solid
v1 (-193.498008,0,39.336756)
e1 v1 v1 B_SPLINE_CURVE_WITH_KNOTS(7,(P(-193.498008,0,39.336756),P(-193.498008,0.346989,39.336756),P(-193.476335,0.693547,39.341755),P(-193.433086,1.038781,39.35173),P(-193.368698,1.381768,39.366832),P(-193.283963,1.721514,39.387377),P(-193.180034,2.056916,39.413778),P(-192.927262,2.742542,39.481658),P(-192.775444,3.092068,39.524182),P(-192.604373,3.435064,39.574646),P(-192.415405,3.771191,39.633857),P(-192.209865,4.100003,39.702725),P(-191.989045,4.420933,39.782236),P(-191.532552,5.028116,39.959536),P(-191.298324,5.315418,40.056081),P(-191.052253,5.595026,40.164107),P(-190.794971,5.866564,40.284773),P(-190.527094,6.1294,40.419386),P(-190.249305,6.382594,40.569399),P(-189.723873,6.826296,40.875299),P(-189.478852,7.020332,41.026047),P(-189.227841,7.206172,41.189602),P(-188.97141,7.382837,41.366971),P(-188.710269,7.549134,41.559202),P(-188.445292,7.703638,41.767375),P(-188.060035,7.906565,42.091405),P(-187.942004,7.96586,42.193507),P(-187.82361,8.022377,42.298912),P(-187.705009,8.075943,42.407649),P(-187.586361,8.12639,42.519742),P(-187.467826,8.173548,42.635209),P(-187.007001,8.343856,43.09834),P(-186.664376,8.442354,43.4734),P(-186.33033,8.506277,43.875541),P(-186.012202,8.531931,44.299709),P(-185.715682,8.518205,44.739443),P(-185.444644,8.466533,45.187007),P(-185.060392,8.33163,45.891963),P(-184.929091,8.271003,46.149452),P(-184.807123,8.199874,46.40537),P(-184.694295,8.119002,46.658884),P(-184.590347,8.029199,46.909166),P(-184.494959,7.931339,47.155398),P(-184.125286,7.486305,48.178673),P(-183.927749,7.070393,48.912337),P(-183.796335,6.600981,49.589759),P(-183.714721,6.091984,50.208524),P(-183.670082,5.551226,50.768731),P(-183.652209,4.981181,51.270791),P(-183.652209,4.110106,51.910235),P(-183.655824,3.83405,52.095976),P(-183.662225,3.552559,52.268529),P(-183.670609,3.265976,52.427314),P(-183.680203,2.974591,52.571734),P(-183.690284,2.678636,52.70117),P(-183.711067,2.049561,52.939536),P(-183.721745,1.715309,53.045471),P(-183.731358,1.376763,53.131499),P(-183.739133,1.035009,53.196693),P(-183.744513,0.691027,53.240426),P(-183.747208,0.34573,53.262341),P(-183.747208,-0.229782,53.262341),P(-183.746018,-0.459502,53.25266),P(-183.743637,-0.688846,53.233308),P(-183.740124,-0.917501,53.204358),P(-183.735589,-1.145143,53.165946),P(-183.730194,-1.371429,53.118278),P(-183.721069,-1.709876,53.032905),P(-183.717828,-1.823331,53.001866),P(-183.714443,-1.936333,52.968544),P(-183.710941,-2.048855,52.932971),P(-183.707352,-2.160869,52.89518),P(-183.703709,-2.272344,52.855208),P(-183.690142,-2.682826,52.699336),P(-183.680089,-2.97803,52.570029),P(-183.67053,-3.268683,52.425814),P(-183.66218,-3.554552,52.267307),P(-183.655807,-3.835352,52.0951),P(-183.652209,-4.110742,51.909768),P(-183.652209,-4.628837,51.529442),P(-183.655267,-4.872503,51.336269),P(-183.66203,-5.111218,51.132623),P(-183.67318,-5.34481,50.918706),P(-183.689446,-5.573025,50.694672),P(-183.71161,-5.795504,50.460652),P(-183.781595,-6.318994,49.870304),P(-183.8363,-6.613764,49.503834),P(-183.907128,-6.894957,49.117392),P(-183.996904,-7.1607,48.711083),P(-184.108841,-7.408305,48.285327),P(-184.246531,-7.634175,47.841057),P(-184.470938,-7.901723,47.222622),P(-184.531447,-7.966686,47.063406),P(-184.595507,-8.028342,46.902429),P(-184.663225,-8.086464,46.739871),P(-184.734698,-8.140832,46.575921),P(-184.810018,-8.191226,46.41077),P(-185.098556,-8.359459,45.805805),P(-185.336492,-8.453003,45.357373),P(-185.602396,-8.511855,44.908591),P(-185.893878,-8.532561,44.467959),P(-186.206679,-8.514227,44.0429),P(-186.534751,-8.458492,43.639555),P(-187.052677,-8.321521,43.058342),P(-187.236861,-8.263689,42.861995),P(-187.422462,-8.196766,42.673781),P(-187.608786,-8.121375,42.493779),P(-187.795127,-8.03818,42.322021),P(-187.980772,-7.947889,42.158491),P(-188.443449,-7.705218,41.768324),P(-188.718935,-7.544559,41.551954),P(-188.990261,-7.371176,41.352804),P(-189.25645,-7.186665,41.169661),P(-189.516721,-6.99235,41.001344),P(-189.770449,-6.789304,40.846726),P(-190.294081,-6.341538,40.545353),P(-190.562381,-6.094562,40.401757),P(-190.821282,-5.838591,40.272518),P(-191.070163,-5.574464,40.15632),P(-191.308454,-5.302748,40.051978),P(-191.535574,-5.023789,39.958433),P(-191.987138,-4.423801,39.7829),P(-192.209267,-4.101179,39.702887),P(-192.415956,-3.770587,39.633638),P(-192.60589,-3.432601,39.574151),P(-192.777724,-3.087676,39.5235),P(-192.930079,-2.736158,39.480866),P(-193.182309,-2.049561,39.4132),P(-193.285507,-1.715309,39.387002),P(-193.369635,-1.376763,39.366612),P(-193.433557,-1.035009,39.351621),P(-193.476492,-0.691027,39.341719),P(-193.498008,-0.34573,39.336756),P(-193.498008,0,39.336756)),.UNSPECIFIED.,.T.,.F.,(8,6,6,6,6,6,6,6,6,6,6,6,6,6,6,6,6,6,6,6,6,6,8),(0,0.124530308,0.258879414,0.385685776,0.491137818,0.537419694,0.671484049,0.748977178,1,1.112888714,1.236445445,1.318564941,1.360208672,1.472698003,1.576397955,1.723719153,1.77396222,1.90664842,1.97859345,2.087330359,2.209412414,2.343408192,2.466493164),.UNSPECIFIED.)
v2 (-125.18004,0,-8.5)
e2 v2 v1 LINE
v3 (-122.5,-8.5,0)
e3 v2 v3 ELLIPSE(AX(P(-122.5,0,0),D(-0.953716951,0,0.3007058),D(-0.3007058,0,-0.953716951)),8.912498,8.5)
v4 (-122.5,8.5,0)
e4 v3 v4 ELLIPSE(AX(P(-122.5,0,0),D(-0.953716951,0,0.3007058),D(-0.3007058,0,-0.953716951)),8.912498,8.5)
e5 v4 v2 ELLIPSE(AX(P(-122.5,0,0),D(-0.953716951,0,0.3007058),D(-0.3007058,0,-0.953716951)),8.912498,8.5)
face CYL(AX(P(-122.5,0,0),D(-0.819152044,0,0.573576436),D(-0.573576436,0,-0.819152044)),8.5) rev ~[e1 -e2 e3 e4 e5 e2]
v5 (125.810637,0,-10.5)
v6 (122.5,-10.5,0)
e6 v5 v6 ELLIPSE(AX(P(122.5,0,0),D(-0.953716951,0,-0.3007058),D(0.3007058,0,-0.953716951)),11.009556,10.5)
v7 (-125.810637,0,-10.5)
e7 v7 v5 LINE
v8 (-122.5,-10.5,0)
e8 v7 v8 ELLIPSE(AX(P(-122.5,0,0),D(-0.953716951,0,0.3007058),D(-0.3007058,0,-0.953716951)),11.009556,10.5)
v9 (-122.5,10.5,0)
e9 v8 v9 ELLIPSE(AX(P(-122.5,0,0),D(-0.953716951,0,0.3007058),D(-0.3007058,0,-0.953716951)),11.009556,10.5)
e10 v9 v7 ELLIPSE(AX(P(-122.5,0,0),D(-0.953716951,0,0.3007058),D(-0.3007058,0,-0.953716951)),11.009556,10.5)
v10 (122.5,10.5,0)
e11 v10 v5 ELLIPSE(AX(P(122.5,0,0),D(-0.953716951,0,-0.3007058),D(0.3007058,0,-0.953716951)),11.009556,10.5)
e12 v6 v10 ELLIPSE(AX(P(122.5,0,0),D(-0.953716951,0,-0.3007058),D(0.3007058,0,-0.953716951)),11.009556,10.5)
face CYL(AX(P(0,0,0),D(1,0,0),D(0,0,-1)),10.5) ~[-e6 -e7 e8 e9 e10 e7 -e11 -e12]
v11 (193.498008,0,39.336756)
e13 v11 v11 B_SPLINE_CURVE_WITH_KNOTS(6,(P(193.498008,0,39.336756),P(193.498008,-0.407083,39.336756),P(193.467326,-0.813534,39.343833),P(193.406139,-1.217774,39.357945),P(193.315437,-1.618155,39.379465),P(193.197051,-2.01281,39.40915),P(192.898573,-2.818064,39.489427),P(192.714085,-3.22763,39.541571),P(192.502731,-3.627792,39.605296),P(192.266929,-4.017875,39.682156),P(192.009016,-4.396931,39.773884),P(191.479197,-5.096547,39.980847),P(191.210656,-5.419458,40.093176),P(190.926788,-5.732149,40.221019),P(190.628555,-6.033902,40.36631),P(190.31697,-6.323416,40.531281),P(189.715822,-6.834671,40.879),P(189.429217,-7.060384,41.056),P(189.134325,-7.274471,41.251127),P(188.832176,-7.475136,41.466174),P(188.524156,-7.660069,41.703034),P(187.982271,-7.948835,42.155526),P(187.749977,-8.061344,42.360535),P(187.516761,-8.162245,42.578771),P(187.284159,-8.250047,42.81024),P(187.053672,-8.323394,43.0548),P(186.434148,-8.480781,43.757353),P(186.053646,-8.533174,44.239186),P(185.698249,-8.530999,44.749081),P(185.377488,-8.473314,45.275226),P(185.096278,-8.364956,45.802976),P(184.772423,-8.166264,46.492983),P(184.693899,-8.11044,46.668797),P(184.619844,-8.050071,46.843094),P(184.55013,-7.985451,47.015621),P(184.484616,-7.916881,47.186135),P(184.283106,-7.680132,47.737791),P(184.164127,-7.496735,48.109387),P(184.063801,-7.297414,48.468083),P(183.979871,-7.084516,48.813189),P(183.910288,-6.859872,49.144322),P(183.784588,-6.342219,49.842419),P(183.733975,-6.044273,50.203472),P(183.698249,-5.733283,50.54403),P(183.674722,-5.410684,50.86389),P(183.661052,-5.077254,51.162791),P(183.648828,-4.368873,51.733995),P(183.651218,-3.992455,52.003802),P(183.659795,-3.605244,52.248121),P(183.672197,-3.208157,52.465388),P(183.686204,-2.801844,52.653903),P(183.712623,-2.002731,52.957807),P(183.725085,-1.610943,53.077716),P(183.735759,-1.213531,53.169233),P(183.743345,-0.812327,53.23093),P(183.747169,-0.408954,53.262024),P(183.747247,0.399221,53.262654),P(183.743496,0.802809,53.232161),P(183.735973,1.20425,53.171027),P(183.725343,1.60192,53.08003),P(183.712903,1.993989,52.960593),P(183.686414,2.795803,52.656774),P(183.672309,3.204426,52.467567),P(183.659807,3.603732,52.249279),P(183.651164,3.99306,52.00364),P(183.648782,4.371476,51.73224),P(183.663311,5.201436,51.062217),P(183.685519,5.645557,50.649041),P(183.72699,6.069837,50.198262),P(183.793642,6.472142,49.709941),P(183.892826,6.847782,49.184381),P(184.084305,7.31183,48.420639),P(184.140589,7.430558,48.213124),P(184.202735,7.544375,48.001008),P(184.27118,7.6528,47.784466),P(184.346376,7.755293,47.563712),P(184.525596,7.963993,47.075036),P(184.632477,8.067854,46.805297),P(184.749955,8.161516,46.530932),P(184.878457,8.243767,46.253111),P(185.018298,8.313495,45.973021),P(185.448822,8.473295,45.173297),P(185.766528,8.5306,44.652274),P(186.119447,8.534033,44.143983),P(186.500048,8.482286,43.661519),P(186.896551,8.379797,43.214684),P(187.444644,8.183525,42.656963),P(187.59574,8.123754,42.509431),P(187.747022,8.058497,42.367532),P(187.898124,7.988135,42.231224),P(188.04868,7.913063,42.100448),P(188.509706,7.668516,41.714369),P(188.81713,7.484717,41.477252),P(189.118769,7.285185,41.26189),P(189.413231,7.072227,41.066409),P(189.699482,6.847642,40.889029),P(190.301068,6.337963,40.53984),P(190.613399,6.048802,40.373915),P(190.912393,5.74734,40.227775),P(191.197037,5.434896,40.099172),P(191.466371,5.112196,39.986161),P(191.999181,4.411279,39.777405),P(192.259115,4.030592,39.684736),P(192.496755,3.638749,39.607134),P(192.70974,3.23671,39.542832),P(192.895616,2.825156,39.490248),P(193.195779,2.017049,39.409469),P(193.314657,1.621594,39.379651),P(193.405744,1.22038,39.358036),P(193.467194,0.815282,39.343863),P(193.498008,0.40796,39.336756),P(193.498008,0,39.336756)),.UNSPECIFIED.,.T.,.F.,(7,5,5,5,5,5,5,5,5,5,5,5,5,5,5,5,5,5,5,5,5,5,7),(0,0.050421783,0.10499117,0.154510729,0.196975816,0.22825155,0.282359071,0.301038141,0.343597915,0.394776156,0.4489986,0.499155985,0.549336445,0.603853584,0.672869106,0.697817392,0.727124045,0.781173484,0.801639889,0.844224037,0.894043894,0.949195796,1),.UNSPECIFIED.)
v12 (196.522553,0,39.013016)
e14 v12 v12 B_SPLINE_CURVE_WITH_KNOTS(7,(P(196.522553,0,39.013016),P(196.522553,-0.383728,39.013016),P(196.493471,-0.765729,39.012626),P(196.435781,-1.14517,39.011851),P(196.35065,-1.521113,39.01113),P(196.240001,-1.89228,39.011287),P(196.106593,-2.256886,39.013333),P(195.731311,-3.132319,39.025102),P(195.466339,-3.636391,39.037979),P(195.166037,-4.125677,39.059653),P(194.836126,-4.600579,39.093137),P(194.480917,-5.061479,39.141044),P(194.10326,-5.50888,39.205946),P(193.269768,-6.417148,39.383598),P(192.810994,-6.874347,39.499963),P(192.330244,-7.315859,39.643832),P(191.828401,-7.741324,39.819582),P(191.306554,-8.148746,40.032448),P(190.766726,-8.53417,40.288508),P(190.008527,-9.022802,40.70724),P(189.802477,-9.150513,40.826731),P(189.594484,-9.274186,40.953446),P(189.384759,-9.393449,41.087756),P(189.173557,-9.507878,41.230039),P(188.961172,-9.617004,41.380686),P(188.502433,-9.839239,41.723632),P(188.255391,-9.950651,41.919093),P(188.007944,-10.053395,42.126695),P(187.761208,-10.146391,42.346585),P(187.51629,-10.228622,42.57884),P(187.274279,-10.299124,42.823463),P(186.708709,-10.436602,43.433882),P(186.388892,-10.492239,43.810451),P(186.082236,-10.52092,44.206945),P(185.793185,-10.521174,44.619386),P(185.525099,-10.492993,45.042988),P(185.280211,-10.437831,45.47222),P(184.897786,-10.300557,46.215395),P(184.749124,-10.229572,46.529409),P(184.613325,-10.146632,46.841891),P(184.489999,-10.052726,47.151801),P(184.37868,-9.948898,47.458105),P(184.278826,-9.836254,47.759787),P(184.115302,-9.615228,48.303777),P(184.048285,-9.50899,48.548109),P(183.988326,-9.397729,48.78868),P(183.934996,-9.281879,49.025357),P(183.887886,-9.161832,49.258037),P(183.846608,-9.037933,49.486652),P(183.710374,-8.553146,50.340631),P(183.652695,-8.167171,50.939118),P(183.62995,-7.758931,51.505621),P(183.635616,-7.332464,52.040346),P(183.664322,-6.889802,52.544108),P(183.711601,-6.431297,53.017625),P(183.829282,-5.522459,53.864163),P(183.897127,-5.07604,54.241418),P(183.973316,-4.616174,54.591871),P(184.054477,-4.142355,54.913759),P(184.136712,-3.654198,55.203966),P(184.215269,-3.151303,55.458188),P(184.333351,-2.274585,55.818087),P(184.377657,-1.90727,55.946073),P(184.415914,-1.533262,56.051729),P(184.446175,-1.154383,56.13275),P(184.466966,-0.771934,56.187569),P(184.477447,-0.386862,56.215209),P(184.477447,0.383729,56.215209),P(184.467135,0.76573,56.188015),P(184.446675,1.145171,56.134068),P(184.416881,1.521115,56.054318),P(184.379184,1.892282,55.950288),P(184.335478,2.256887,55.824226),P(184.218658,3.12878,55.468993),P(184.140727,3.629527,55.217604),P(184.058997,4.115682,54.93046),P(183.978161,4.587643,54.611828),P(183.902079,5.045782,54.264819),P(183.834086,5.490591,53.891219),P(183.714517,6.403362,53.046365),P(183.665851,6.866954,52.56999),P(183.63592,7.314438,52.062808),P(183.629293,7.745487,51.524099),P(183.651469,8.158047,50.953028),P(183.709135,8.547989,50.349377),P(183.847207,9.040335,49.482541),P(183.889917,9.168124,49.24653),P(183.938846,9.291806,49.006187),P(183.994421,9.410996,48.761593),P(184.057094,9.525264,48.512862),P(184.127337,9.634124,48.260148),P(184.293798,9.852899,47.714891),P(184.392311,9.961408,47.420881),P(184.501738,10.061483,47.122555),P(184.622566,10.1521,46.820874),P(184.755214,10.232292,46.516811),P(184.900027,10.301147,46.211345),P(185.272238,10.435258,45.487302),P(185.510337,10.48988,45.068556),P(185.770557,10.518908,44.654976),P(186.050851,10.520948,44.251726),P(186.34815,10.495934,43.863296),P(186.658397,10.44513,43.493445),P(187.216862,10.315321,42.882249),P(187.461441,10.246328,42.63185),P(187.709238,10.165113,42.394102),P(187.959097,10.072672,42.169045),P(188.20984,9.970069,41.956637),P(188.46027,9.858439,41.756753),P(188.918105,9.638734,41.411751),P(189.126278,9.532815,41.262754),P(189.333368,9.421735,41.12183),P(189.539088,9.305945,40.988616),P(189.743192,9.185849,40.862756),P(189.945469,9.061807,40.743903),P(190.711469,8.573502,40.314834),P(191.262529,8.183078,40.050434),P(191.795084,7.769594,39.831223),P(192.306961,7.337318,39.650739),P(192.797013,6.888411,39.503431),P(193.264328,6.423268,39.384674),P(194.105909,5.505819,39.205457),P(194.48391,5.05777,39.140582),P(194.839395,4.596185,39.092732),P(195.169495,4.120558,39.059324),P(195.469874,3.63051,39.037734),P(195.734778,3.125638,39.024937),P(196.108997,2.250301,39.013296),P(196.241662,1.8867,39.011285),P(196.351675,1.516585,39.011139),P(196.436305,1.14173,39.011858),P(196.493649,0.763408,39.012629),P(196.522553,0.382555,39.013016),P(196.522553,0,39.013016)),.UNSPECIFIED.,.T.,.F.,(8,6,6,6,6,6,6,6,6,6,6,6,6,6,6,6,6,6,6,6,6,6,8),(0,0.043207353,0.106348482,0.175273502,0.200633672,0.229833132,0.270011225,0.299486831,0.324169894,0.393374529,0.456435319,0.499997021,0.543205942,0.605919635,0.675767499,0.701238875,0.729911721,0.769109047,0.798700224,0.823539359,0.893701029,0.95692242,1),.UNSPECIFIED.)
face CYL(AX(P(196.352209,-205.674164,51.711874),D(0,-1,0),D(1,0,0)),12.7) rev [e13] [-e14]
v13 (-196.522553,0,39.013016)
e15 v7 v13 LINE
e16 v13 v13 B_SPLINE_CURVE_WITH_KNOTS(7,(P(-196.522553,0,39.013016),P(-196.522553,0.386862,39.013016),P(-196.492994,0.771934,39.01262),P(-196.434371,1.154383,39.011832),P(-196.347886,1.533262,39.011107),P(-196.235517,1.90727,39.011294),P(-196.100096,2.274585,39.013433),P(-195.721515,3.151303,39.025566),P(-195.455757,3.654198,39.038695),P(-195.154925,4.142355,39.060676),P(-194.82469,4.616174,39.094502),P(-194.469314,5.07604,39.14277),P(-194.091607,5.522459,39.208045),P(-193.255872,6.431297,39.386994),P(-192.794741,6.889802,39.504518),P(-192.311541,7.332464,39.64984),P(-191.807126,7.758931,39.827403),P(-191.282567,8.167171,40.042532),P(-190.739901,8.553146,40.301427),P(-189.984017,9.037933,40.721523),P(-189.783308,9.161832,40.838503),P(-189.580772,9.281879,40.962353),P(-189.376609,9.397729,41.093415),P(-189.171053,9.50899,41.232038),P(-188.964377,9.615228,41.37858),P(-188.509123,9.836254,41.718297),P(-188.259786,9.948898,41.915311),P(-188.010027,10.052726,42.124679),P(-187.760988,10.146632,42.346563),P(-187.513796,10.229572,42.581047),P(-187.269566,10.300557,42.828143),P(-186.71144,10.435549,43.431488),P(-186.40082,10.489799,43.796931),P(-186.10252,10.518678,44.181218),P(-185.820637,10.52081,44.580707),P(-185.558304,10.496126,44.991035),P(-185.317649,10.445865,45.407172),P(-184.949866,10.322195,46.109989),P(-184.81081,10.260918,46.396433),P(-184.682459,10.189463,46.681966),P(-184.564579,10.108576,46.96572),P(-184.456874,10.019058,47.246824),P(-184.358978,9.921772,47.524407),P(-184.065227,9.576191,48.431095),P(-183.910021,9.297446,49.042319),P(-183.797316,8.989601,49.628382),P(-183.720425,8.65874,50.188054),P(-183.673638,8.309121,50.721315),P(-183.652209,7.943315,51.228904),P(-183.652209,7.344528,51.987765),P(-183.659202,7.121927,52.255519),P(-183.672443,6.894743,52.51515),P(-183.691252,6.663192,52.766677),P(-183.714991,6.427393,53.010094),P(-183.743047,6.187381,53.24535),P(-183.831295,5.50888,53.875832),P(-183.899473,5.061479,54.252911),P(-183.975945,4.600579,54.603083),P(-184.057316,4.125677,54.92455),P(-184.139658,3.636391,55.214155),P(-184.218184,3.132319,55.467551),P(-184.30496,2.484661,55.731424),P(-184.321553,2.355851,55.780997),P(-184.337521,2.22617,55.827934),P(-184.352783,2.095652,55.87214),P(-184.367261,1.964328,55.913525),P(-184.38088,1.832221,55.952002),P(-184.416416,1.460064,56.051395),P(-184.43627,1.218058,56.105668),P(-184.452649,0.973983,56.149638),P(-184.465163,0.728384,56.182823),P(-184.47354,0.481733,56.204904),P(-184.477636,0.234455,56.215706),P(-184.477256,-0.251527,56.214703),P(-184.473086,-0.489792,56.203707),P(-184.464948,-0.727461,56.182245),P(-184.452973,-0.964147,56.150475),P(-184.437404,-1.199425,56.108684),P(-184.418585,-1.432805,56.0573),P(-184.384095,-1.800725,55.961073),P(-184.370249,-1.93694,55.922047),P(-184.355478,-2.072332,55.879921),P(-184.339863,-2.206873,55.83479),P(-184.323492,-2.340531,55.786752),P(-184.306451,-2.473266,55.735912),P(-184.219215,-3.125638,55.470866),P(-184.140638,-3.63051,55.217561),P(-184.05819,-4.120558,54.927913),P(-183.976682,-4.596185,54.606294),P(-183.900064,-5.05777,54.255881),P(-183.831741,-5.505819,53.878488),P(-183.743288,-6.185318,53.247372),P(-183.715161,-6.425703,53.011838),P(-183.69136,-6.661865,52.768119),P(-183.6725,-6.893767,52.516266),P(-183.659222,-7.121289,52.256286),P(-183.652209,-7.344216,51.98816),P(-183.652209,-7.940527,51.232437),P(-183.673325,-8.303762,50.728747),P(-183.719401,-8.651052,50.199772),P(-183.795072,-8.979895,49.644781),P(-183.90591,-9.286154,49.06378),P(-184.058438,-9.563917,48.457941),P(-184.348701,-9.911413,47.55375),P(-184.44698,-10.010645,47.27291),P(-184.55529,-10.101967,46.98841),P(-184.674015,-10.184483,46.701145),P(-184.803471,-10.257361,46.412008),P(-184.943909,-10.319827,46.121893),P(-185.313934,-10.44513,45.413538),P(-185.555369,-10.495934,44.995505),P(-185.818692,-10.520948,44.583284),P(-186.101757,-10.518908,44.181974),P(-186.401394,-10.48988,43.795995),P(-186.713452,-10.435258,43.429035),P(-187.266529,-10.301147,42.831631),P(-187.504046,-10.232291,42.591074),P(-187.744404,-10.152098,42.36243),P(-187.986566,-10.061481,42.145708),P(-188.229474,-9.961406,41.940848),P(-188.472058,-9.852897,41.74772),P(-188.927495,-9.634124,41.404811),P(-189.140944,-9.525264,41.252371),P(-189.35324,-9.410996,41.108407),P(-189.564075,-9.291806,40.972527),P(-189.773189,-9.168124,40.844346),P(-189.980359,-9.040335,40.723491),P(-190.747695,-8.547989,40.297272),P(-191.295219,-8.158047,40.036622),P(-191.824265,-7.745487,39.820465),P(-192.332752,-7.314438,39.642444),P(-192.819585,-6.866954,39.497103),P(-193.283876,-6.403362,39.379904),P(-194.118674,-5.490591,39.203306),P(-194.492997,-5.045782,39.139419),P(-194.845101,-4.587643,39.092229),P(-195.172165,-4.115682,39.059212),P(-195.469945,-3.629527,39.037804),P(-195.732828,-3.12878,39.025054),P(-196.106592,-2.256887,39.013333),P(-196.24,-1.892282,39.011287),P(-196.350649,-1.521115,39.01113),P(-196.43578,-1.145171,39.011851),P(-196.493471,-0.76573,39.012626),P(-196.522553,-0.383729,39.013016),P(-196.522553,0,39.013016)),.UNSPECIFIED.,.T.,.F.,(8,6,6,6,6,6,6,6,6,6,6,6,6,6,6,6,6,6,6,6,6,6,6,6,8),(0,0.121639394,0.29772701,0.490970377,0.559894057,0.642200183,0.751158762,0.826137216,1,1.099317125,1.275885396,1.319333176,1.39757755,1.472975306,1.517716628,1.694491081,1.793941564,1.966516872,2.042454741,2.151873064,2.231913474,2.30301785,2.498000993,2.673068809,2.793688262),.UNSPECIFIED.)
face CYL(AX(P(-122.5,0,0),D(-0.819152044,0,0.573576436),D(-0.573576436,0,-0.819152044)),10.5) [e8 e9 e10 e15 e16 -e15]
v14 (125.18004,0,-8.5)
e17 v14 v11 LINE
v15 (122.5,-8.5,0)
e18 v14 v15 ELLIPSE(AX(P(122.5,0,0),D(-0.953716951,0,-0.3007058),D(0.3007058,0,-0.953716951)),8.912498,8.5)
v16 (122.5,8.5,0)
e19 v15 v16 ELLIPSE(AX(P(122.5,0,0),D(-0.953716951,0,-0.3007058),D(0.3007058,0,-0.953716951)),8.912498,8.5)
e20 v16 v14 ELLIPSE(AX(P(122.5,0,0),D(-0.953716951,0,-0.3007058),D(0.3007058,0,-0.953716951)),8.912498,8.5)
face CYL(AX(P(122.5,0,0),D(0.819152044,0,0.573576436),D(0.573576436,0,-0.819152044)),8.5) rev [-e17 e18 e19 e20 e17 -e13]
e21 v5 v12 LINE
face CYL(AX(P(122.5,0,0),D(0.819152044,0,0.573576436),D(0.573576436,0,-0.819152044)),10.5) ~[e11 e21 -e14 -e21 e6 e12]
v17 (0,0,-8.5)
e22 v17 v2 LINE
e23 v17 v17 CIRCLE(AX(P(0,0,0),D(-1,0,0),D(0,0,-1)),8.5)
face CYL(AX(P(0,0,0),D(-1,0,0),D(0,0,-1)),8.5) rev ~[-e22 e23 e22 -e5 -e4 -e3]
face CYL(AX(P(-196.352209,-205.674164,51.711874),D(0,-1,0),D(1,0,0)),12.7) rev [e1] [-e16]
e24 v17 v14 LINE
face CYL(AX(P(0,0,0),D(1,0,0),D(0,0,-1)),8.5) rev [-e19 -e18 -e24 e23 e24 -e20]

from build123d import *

# Parameters (mm, degrees)
ESBO_O2_R                  = 10.5
ESBO_O2_R_2                = 8.5
CORTE_EXTRUS_O1_DEPTH      = 205.674163986
CORTE_EXTRUS_O1_DEPTH_BACK = 205.674163986
ESBO_O3_R                  = 12.7


with BuildPart() as part:
    # Varredura1: sweep along a path in Esboço1
    with BuildLine(Plane(origin=(0, 0, 0), x_dir=(1, 0, 0), z_dir=(0, 1, 0))) as varredura1_path:
        Line((0, 0), (-122.5, 0))
        Line((-122.5, 0), (-190.5, -47.614112598))
    # Esboço2 → Varredura1 (sweep)
    with BuildSketch(Plane(origin=(0, 0, 0), x_dir=(0, 0, -1), z_dir=(1, 0, 0))):
        Circle(ESBO_O2_R)
        Circle(ESBO_O2_R_2, mode=Mode.SUBTRACT)
    varredura1 = sweep(path=varredura1_path.line, transition=Transition.RIGHT)

    # Espelhar1: Varredura1 across plane
    add(varredura1.mirror(Plane(origin=(0, 0, 0), x_dir=(0, 0, 1), z_dir=(1, 0, 0))))

    # Esboço3 → Corte-extrusão1 (cut, two sides: drawn at the far end of the back side and taken through both)
    with BuildSketch(Plane(origin=(0, 0, 0), x_dir=(1, 0, 0), z_dir=(0, 1, 0)).offset(-CORTE_EXTRUS_O1_DEPTH_BACK)):
        with Locations((196.352209331, -51.711873687)):
            Circle(ESBO_O3_R)
        with Locations((-196.352209331, -51.711873687)):
            Circle(ESBO_O3_R)
    extrude(amount=CORTE_EXTRUS_O1_DEPTH + CORTE_EXTRUS_O1_DEPTH_BACK, mode=Mode.SUBTRACT)


solid = part.part
